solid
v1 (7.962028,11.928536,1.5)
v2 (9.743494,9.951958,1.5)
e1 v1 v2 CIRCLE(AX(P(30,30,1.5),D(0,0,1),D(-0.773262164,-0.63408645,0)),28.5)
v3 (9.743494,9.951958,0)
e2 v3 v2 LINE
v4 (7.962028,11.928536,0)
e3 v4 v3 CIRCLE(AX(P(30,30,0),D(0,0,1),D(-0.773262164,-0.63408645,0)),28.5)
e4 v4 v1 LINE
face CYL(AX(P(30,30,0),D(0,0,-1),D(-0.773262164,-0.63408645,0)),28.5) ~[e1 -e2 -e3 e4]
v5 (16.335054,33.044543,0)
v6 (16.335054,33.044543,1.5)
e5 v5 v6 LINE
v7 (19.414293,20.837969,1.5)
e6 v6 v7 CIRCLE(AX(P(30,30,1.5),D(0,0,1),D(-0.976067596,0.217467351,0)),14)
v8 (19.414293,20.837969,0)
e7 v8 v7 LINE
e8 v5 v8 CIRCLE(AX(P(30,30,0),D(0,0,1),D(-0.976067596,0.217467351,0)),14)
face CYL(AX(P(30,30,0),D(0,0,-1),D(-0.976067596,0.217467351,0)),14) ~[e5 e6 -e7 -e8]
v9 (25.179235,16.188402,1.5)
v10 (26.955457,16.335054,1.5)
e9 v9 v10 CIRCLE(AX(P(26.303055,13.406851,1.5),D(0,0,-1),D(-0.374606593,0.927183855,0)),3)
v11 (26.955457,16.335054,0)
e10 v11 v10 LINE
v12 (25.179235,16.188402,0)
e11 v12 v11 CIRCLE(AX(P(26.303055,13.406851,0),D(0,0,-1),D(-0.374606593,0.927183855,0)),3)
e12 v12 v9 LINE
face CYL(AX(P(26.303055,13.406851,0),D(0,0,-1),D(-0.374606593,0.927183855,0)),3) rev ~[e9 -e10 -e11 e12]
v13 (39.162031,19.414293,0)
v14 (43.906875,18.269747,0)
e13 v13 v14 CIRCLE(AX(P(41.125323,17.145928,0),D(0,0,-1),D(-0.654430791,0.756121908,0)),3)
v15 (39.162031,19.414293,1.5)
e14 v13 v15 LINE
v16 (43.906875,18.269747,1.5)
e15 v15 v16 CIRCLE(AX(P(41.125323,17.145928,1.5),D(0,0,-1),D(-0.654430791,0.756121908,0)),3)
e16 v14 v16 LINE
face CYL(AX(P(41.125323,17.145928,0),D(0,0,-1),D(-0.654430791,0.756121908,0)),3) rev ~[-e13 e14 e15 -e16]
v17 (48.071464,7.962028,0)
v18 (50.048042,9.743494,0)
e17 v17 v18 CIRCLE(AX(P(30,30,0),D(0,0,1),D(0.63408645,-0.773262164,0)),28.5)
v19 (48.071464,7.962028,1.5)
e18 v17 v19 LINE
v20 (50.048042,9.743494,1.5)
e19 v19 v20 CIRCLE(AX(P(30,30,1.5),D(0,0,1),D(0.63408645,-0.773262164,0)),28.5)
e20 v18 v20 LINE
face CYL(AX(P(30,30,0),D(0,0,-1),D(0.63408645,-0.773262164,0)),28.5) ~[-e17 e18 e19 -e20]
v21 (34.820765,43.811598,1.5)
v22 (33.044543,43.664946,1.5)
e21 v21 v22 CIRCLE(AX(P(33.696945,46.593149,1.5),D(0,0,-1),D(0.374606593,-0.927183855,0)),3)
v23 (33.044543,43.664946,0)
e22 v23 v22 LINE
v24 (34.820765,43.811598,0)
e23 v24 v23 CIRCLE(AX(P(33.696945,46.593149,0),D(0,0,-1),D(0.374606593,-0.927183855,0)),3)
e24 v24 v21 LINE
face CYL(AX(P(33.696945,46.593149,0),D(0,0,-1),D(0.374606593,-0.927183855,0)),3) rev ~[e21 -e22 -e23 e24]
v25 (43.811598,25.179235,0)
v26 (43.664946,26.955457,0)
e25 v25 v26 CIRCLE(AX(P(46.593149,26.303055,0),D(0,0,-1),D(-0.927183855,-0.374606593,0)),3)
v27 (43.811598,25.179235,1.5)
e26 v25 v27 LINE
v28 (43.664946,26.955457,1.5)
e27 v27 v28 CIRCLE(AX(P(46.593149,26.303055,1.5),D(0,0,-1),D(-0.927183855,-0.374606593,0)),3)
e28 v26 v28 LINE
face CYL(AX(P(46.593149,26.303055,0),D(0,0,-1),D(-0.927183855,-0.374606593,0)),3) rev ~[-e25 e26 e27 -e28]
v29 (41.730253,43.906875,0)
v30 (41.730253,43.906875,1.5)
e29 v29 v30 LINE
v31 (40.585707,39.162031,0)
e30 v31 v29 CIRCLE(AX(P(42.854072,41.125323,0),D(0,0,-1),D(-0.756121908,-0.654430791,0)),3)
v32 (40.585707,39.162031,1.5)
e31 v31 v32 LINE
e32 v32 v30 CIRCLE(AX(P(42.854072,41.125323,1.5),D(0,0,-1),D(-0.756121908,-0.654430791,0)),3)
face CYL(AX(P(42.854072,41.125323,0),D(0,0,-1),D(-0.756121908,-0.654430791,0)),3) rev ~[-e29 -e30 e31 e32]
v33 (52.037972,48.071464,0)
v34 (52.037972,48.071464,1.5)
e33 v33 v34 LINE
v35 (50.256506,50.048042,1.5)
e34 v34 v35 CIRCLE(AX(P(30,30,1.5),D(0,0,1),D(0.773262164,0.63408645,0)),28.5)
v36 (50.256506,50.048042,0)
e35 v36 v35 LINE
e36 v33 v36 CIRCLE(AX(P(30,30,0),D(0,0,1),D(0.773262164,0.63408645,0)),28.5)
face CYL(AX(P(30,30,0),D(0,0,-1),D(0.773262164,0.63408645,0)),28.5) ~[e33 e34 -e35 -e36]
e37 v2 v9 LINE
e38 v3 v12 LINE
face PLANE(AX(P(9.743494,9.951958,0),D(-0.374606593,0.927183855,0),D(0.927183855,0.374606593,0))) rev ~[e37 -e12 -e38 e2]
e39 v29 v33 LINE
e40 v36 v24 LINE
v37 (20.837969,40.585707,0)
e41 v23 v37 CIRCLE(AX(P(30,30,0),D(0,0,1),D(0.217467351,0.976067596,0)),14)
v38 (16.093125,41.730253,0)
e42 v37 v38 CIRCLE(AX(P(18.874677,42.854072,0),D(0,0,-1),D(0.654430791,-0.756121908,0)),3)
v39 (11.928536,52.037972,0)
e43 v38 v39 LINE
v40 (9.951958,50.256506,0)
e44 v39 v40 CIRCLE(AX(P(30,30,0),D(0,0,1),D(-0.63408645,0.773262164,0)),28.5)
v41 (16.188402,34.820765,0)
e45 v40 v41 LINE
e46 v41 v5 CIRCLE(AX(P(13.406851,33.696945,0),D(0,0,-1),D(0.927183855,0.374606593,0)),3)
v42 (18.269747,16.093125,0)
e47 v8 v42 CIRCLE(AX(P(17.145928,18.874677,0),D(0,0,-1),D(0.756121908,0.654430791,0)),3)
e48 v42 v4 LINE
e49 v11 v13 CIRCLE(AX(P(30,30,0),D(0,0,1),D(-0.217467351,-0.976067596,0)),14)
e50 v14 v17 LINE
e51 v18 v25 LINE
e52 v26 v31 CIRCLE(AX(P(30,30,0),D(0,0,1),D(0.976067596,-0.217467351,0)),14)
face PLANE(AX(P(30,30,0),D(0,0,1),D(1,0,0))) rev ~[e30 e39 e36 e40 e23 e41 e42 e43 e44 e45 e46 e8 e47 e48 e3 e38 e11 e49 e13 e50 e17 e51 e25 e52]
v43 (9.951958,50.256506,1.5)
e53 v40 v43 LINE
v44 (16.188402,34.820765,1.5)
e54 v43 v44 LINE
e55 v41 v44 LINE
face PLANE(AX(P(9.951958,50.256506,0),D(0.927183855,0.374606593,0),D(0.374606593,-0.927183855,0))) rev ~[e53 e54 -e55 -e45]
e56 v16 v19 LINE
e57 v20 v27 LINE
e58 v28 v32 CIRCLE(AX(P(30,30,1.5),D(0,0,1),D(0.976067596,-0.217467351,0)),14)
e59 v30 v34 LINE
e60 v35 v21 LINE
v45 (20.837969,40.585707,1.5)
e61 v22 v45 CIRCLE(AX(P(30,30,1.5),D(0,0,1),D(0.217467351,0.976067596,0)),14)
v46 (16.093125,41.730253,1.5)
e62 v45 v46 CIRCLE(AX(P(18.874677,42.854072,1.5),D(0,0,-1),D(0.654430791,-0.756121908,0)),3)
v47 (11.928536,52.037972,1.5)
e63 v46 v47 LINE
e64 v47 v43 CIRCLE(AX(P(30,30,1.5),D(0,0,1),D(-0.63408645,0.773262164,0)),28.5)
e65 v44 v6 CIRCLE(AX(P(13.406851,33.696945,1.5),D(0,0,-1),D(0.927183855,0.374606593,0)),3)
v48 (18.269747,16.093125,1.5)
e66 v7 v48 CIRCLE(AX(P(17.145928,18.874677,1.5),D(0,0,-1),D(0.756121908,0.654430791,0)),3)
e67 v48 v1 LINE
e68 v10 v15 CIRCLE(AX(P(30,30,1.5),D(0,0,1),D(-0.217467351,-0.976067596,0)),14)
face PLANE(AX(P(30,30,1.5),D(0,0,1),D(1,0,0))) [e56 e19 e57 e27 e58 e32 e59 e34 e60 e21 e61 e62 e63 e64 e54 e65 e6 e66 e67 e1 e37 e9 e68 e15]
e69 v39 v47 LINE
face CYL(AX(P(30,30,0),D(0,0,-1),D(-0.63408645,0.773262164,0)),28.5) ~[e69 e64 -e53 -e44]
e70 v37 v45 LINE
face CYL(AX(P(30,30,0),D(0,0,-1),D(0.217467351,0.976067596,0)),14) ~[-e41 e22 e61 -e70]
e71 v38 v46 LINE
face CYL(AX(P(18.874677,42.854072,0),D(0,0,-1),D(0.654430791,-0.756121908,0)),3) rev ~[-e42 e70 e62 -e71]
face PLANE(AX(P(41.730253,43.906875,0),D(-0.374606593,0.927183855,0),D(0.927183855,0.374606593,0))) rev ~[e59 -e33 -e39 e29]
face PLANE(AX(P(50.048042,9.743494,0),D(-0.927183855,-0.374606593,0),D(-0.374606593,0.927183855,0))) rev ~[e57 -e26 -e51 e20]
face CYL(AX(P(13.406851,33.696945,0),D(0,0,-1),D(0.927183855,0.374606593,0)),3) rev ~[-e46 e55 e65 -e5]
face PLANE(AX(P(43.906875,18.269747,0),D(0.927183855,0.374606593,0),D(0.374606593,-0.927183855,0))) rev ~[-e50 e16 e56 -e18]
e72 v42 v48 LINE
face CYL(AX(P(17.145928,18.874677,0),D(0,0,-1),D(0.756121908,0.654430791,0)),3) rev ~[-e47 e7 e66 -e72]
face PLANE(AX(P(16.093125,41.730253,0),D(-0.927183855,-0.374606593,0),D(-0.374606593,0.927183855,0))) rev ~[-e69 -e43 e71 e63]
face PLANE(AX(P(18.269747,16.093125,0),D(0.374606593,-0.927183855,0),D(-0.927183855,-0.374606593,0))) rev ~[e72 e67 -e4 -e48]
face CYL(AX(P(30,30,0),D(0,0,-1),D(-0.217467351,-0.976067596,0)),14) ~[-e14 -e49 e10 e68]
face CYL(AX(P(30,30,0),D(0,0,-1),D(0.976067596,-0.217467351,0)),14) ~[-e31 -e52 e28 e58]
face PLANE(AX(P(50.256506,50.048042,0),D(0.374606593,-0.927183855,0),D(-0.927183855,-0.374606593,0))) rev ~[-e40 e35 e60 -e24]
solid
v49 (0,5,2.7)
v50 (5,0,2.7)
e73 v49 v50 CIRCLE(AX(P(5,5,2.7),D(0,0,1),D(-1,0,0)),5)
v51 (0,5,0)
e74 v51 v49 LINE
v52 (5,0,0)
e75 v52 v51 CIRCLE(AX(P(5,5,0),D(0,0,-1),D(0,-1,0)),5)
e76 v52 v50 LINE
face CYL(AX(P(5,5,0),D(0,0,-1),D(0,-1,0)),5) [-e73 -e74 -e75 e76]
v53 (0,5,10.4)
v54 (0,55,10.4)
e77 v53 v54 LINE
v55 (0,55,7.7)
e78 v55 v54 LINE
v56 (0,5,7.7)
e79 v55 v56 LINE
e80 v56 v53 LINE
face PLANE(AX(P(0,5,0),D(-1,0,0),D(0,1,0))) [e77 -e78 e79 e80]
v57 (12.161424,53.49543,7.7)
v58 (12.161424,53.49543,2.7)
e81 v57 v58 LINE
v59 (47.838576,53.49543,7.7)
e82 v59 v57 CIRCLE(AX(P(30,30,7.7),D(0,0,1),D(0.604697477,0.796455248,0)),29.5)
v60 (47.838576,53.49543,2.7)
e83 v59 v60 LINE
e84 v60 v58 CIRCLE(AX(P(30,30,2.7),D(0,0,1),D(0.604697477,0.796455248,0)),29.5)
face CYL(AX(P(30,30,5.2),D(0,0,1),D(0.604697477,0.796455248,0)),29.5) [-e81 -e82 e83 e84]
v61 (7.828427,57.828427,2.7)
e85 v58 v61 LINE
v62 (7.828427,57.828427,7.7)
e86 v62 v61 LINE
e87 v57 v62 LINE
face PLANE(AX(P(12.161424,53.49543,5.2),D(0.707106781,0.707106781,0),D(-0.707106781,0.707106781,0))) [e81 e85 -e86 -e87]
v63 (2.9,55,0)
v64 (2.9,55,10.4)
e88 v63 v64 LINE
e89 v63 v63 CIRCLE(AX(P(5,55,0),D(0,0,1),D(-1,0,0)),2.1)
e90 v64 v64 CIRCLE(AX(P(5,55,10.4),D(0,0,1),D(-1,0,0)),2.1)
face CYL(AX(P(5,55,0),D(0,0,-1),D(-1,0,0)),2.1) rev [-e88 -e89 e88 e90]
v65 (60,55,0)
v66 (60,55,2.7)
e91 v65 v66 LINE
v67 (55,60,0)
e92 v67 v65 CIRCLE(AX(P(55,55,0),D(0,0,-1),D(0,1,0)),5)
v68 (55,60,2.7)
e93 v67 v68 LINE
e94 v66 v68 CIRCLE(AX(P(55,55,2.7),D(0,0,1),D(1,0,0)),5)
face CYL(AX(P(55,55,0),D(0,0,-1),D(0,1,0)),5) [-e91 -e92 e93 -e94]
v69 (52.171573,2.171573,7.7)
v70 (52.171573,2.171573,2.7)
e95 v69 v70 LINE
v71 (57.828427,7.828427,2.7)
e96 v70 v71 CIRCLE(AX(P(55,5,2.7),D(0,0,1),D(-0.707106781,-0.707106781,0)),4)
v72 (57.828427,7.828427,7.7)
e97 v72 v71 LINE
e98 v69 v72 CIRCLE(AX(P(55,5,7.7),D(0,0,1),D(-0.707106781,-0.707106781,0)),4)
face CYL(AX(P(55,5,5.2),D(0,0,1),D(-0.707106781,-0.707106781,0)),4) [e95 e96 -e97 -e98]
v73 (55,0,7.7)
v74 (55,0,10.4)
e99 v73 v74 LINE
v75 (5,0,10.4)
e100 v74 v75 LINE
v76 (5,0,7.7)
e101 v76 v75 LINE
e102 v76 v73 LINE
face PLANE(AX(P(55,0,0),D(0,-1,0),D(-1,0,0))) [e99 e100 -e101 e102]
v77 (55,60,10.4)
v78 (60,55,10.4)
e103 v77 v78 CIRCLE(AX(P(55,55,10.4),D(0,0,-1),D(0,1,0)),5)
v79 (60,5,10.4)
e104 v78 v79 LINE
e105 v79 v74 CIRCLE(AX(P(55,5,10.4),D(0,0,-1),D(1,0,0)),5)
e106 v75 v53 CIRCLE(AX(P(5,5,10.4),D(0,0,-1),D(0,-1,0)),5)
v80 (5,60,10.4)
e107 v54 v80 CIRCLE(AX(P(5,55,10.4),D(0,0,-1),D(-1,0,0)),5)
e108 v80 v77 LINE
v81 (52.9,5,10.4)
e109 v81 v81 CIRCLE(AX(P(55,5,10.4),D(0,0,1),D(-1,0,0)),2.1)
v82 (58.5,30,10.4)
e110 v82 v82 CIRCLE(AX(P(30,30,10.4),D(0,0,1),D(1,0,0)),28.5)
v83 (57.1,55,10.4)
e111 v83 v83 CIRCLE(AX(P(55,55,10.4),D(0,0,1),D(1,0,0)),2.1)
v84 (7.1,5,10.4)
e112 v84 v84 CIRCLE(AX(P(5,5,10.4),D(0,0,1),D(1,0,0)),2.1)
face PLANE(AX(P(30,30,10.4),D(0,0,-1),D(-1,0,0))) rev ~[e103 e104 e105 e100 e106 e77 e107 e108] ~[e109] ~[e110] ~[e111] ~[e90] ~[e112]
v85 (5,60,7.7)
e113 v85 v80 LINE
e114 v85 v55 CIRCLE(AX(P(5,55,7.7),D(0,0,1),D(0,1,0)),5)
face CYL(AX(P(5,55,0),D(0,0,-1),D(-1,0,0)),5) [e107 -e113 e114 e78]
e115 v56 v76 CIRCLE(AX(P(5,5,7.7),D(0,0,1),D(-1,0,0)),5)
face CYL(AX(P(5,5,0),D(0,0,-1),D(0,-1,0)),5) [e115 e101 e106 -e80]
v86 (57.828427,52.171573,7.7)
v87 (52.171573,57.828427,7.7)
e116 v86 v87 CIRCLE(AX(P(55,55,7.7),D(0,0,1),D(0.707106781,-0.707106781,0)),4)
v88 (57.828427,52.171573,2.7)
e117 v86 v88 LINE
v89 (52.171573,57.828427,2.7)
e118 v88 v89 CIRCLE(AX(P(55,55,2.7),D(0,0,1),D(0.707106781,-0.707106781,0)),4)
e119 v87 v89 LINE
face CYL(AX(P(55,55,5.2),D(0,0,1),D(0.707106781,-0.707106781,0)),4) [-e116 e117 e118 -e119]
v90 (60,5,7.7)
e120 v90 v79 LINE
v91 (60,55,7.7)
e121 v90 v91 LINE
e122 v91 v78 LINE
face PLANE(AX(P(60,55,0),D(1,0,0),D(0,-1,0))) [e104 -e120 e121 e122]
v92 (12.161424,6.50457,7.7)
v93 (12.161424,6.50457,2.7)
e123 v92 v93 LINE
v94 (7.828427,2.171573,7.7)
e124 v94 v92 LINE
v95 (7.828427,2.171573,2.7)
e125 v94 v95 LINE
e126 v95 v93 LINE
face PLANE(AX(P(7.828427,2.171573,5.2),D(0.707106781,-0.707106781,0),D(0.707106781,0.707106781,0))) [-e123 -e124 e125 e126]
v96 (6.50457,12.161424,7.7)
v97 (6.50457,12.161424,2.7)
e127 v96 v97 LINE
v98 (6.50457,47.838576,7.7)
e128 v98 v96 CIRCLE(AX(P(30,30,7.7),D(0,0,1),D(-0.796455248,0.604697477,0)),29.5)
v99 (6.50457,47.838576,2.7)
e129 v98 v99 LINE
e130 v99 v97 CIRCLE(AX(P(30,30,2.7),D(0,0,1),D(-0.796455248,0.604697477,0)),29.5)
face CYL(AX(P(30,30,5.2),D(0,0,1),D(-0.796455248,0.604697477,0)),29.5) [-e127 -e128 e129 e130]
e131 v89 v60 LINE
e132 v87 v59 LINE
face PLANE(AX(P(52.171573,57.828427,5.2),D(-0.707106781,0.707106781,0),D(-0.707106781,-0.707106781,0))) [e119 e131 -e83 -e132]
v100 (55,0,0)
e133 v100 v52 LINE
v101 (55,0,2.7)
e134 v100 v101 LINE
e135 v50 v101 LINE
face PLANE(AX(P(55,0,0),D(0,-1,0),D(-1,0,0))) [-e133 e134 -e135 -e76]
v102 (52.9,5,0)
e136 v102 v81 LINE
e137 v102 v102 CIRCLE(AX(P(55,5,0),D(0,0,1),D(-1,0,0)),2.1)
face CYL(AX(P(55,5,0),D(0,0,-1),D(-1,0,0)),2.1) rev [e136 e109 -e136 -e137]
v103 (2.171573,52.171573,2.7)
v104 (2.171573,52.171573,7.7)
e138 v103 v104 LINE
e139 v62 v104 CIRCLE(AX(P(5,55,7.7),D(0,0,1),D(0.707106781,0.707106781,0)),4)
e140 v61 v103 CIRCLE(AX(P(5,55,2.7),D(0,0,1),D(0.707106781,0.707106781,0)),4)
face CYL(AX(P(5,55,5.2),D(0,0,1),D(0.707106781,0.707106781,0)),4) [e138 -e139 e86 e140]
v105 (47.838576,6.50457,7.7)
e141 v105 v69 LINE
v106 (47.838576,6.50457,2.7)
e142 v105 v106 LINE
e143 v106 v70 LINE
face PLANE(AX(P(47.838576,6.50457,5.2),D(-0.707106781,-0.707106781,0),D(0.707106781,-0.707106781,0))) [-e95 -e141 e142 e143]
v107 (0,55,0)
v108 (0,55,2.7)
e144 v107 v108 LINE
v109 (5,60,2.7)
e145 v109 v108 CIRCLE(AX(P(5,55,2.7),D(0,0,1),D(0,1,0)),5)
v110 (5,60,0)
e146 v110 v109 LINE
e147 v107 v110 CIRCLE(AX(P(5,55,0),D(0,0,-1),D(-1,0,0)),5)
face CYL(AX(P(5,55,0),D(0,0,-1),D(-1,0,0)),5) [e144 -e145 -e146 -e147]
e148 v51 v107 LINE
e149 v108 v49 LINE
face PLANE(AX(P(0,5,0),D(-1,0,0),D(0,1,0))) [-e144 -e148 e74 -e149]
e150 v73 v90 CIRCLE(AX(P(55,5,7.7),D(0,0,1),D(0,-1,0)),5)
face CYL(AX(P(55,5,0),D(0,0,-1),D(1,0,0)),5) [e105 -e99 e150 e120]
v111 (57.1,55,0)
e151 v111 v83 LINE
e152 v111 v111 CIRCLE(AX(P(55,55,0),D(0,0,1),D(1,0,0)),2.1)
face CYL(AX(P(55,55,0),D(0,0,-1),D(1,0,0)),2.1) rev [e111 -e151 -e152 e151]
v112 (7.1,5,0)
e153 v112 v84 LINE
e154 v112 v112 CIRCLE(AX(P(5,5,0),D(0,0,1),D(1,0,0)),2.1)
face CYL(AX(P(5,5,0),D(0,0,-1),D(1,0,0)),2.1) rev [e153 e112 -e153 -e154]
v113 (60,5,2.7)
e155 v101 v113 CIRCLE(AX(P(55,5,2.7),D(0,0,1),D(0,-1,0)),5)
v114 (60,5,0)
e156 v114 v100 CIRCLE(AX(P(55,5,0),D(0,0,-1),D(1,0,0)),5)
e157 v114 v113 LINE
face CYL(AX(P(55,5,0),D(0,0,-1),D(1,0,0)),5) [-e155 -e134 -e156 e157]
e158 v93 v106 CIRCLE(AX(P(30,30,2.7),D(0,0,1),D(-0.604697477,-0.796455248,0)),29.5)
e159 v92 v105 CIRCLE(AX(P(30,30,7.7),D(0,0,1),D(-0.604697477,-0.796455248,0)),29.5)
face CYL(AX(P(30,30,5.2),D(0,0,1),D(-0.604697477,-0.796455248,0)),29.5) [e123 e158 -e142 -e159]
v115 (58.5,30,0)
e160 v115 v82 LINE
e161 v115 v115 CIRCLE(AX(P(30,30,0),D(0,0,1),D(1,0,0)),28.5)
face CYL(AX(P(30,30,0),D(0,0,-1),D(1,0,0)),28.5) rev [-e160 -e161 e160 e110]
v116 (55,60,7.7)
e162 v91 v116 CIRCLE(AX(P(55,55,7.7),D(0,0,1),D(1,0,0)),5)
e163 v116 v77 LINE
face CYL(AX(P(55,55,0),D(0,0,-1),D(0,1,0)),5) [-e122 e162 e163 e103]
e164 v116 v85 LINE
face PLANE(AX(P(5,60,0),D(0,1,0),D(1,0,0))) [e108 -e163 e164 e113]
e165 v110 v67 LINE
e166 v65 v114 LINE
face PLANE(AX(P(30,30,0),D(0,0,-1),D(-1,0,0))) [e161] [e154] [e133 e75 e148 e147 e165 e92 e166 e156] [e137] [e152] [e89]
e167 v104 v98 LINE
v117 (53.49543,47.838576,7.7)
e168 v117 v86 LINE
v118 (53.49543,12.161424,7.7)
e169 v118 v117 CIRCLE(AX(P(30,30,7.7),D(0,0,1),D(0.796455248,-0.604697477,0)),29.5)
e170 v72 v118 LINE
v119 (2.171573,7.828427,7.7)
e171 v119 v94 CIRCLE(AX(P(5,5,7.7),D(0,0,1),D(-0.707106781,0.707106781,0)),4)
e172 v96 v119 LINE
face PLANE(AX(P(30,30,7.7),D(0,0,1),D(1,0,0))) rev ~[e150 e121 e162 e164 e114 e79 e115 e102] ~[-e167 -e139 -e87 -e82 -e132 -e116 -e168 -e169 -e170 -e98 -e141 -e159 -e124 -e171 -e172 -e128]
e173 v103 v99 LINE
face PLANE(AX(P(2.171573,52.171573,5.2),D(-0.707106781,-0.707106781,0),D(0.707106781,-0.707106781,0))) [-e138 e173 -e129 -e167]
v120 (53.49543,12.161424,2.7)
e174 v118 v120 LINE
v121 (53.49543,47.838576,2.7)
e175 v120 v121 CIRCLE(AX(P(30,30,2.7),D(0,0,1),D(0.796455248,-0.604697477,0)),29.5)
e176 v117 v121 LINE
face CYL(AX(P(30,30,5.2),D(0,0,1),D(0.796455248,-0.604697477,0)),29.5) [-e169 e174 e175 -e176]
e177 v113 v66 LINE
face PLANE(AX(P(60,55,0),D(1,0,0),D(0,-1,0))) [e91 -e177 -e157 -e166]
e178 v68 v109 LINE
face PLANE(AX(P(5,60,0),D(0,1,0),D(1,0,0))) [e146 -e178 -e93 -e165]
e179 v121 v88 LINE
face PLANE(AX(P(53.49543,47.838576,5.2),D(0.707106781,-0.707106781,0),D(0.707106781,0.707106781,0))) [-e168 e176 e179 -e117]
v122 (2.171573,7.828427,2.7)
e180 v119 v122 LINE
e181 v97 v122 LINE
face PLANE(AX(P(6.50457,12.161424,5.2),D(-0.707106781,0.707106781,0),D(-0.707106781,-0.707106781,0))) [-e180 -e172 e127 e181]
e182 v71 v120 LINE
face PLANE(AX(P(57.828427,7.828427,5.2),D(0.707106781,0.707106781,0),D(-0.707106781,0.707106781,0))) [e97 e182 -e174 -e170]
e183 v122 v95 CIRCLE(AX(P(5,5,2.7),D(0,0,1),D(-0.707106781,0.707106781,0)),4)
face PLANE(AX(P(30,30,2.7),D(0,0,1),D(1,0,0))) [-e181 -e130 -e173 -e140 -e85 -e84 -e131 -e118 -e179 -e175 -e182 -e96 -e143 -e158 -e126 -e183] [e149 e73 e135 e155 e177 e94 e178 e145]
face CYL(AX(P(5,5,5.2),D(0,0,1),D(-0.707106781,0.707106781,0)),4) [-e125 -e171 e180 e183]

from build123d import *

# Parameters (mm, degrees)
ESQUISSE1_R             = 28.5
ESQUISSE1_R_2           = 2.1
BOSS_EXTRU_1_DEPTH      = 10.4
ENL_V_MAT_EXTRU_1_DEPTH = 2.5
BOSS_EXTRU_2_DEPTH      = 1.5


with BuildPart() as part:
    # Esquisse1 → Boss.-Extru.1 (new body)
    with BuildSketch(Plane.XY):
        with BuildLine():
            Line((5, 60), (55, 60))
            ThreePointArc((55, 60), (58.535533906, 58.535533906), (60, 55))
            Line((60, 55), (60, 5))
            ThreePointArc((60, 5), (58.535533906, 1.464466094), (55, 0))
            Line((55, 0), (5, 0))
            ThreePointArc((5, 0), (1.464466094, 1.464466094), (0, 5))
            Line((0, 5), (0, 55))
            ThreePointArc((0, 55), (1.464466094, 58.535533906), (5, 60))
        make_face()
        with Locations((30, 30)):
            Circle(ESQUISSE1_R, mode=Mode.SUBTRACT)
        with Locations((55, 55)):
            Circle(ESQUISSE1_R_2, mode=Mode.SUBTRACT)
        with Locations(Location((5, 55, 0), (0, 0, 180))):
            Circle(ESQUISSE1_R_2, mode=Mode.SUBTRACT)
        with Locations(Location((55, 5, 0), (0, 0, 180))):
            Circle(ESQUISSE1_R_2, mode=Mode.SUBTRACT)
        with Locations((5, 5)):
            Circle(ESQUISSE1_R_2, mode=Mode.SUBTRACT)
    extrude(amount=BOSS_EXTRU_1_DEPTH)

    # Esquisse2 → Enlèv. mat.-Extru.1 (cut, symmetric)
    with BuildSketch(Plane.XY.offset(5.2)):
        with BuildLine():
            Line((5, 0), (55, 0))
            ThreePointArc((55, 0), (58.535533906, 1.464466094), (60, 5))
            Line((60, 5), (60, 55))
            ThreePointArc((60, 55), (58.535533906, 58.535533906), (55, 60))
            Line((55, 60), (5, 60))
            ThreePointArc((5, 60), (1.464466094, 58.535533906), (0, 55))
            Line((0, 55), (0, 5))
            ThreePointArc((0, 5), (1.464466094, 1.464466094), (5, 0))
        make_face()
        with BuildLine():
            Line((2.171572875, 52.171572875), (6.50457019, 47.838575561))
            ThreePointArc((6.50457019, 47.838575561), (0.5, 30), (6.50457019, 12.161424439))
            Line((6.50457019, 12.161424439), (2.171572875, 7.828427125))
            ThreePointArc((2.171572875, 7.828427125), (2.171572875, 2.171572875), (7.828427125, 2.171572875))
            Line((7.828427125, 2.171572875), (12.161424439, 6.50457019))
            ThreePointArc((12.161424439, 6.50457019), (30, 0.5), (47.838575561, 6.50457019))
            Line((47.838575561, 6.50457019), (52.171572875, 2.171572875))
            ThreePointArc((52.171572875, 2.171572875), (57.828427125, 2.171572875), (57.828427125, 7.828427125))
            Line((57.828427125, 7.828427125), (53.49542981, 12.161424439))
            ThreePointArc((53.49542981, 12.161424439), (59.5, 30), (53.49542981, 47.838575561))
            Line((53.49542981, 47.838575561), (57.828427125, 52.171572875))
            ThreePointArc((57.828427125, 52.171572875), (57.828427125, 57.828427125), (52.171572875, 57.828427125))
            Line((52.171572875, 57.828427125), (47.838575561, 53.49542981))
            ThreePointArc((47.838575561, 53.49542981), (30, 59.5), (12.161424439, 53.49542981))
            Line((12.161424439, 53.49542981), (7.828427125, 57.828427125))
            ThreePointArc((7.828427125, 57.828427125), (2.171572875, 57.828427125), (2.171572875, 52.171572875))
        make_face(mode=Mode.SUBTRACT)
    extrude(amount=ENL_V_MAT_EXTRU_1_DEPTH, both=True, mode=Mode.SUBTRACT)


with BuildPart() as body_2:
    # Esquisse3 → Boss.-Extru.2 (new body)
    with BuildSketch(Plane(origin=(0, 0, 0), x_dir=(-1, 0, 0), z_dir=(0, 0, -1))):
        with BuildLine():
            Line((-43.906875019, 18.269747351), (-48.071463829, 7.962028336))
            ThreePointArc((-48.071463829, 7.962028336), (-49.08055505, 8.829680707), (-50.048041717, 9.743494297))
            Line((-50.048041717, 9.743494297), (-43.81159756, 25.179235243))
            ThreePointArc((-43.81159756, 25.179235243), (-43.603322258, 26.056204232), (-43.664946337, 26.955457078))
            ThreePointArc((-43.664946337, 26.955457078), (-43.574743293, 33.424375055), (-40.585706707, 39.162031081))
            ThreePointArc((-40.585706707, 39.162031081), (-39.937719121, 41.828802935), (-41.730252649, 43.906875019))
            Line((-41.730252649, 43.906875019), (-52.037971664, 48.071463829))
            ThreePointArc((-52.037971664, 48.071463829), (-51.170319293, 49.08055505), (-50.256505703, 50.048041717))
            Line((-50.256505703, 50.048041717), (-34.820764757, 43.81159756))
            ThreePointArc((-34.820764757, 43.81159756), (-33.943795768, 43.603322258), (-33.044542922, 43.664946337))
            ThreePointArc((-33.044542922, 43.664946337), (-26.575624945, 43.574743293), (-20.837968919, 40.585706707))
            ThreePointArc((-20.837968919, 40.585706707), (-18.171197065, 39.937719121), (-16.093124981, 41.730252649))
            Line((-16.093124981, 41.730252649), (-11.928536171, 52.037971664))
            ThreePointArc((-11.928536171, 52.037971664), (-10.91944495, 51.170319293), (-9.951958283, 50.256505703))
            Line((-9.951958283, 50.256505703), (-16.18840244, 34.820764757))
            ThreePointArc((-16.18840244, 34.820764757), (-16.396677742, 33.943795768), (-16.335053663, 33.044542922))
            ThreePointArc((-16.335053663, 33.044542922), (-16.425256707, 26.575624945), (-19.414293293, 20.837968919))
            ThreePointArc((-19.414293293, 20.837968919), (-20.062280879, 18.171197065), (-18.269747351, 16.093124981))
            Line((-18.269747351, 16.093124981), (-7.962028336, 11.928536171))
            ThreePointArc((-7.962028336, 11.928536171), (-8.829680707, 10.91944495), (-9.743494297, 9.951958283))
            Line((-9.743494297, 9.951958283), (-25.179235243, 16.18840244))
            ThreePointArc((-25.179235243, 16.18840244), (-26.056204232, 16.396677742), (-26.955457078, 16.335053663))
            ThreePointArc((-26.955457078, 16.335053663), (-33.424375055, 16.425256707), (-39.162031081, 19.414293293))
            ThreePointArc((-39.162031081, 19.414293293), (-41.828802935, 20.062280879), (-43.906875019, 18.269747351))
        make_face()
    extrude(amount=-BOSS_EXTRU_2_DEPTH)


solid = Compound([part.part, body_2.part])
